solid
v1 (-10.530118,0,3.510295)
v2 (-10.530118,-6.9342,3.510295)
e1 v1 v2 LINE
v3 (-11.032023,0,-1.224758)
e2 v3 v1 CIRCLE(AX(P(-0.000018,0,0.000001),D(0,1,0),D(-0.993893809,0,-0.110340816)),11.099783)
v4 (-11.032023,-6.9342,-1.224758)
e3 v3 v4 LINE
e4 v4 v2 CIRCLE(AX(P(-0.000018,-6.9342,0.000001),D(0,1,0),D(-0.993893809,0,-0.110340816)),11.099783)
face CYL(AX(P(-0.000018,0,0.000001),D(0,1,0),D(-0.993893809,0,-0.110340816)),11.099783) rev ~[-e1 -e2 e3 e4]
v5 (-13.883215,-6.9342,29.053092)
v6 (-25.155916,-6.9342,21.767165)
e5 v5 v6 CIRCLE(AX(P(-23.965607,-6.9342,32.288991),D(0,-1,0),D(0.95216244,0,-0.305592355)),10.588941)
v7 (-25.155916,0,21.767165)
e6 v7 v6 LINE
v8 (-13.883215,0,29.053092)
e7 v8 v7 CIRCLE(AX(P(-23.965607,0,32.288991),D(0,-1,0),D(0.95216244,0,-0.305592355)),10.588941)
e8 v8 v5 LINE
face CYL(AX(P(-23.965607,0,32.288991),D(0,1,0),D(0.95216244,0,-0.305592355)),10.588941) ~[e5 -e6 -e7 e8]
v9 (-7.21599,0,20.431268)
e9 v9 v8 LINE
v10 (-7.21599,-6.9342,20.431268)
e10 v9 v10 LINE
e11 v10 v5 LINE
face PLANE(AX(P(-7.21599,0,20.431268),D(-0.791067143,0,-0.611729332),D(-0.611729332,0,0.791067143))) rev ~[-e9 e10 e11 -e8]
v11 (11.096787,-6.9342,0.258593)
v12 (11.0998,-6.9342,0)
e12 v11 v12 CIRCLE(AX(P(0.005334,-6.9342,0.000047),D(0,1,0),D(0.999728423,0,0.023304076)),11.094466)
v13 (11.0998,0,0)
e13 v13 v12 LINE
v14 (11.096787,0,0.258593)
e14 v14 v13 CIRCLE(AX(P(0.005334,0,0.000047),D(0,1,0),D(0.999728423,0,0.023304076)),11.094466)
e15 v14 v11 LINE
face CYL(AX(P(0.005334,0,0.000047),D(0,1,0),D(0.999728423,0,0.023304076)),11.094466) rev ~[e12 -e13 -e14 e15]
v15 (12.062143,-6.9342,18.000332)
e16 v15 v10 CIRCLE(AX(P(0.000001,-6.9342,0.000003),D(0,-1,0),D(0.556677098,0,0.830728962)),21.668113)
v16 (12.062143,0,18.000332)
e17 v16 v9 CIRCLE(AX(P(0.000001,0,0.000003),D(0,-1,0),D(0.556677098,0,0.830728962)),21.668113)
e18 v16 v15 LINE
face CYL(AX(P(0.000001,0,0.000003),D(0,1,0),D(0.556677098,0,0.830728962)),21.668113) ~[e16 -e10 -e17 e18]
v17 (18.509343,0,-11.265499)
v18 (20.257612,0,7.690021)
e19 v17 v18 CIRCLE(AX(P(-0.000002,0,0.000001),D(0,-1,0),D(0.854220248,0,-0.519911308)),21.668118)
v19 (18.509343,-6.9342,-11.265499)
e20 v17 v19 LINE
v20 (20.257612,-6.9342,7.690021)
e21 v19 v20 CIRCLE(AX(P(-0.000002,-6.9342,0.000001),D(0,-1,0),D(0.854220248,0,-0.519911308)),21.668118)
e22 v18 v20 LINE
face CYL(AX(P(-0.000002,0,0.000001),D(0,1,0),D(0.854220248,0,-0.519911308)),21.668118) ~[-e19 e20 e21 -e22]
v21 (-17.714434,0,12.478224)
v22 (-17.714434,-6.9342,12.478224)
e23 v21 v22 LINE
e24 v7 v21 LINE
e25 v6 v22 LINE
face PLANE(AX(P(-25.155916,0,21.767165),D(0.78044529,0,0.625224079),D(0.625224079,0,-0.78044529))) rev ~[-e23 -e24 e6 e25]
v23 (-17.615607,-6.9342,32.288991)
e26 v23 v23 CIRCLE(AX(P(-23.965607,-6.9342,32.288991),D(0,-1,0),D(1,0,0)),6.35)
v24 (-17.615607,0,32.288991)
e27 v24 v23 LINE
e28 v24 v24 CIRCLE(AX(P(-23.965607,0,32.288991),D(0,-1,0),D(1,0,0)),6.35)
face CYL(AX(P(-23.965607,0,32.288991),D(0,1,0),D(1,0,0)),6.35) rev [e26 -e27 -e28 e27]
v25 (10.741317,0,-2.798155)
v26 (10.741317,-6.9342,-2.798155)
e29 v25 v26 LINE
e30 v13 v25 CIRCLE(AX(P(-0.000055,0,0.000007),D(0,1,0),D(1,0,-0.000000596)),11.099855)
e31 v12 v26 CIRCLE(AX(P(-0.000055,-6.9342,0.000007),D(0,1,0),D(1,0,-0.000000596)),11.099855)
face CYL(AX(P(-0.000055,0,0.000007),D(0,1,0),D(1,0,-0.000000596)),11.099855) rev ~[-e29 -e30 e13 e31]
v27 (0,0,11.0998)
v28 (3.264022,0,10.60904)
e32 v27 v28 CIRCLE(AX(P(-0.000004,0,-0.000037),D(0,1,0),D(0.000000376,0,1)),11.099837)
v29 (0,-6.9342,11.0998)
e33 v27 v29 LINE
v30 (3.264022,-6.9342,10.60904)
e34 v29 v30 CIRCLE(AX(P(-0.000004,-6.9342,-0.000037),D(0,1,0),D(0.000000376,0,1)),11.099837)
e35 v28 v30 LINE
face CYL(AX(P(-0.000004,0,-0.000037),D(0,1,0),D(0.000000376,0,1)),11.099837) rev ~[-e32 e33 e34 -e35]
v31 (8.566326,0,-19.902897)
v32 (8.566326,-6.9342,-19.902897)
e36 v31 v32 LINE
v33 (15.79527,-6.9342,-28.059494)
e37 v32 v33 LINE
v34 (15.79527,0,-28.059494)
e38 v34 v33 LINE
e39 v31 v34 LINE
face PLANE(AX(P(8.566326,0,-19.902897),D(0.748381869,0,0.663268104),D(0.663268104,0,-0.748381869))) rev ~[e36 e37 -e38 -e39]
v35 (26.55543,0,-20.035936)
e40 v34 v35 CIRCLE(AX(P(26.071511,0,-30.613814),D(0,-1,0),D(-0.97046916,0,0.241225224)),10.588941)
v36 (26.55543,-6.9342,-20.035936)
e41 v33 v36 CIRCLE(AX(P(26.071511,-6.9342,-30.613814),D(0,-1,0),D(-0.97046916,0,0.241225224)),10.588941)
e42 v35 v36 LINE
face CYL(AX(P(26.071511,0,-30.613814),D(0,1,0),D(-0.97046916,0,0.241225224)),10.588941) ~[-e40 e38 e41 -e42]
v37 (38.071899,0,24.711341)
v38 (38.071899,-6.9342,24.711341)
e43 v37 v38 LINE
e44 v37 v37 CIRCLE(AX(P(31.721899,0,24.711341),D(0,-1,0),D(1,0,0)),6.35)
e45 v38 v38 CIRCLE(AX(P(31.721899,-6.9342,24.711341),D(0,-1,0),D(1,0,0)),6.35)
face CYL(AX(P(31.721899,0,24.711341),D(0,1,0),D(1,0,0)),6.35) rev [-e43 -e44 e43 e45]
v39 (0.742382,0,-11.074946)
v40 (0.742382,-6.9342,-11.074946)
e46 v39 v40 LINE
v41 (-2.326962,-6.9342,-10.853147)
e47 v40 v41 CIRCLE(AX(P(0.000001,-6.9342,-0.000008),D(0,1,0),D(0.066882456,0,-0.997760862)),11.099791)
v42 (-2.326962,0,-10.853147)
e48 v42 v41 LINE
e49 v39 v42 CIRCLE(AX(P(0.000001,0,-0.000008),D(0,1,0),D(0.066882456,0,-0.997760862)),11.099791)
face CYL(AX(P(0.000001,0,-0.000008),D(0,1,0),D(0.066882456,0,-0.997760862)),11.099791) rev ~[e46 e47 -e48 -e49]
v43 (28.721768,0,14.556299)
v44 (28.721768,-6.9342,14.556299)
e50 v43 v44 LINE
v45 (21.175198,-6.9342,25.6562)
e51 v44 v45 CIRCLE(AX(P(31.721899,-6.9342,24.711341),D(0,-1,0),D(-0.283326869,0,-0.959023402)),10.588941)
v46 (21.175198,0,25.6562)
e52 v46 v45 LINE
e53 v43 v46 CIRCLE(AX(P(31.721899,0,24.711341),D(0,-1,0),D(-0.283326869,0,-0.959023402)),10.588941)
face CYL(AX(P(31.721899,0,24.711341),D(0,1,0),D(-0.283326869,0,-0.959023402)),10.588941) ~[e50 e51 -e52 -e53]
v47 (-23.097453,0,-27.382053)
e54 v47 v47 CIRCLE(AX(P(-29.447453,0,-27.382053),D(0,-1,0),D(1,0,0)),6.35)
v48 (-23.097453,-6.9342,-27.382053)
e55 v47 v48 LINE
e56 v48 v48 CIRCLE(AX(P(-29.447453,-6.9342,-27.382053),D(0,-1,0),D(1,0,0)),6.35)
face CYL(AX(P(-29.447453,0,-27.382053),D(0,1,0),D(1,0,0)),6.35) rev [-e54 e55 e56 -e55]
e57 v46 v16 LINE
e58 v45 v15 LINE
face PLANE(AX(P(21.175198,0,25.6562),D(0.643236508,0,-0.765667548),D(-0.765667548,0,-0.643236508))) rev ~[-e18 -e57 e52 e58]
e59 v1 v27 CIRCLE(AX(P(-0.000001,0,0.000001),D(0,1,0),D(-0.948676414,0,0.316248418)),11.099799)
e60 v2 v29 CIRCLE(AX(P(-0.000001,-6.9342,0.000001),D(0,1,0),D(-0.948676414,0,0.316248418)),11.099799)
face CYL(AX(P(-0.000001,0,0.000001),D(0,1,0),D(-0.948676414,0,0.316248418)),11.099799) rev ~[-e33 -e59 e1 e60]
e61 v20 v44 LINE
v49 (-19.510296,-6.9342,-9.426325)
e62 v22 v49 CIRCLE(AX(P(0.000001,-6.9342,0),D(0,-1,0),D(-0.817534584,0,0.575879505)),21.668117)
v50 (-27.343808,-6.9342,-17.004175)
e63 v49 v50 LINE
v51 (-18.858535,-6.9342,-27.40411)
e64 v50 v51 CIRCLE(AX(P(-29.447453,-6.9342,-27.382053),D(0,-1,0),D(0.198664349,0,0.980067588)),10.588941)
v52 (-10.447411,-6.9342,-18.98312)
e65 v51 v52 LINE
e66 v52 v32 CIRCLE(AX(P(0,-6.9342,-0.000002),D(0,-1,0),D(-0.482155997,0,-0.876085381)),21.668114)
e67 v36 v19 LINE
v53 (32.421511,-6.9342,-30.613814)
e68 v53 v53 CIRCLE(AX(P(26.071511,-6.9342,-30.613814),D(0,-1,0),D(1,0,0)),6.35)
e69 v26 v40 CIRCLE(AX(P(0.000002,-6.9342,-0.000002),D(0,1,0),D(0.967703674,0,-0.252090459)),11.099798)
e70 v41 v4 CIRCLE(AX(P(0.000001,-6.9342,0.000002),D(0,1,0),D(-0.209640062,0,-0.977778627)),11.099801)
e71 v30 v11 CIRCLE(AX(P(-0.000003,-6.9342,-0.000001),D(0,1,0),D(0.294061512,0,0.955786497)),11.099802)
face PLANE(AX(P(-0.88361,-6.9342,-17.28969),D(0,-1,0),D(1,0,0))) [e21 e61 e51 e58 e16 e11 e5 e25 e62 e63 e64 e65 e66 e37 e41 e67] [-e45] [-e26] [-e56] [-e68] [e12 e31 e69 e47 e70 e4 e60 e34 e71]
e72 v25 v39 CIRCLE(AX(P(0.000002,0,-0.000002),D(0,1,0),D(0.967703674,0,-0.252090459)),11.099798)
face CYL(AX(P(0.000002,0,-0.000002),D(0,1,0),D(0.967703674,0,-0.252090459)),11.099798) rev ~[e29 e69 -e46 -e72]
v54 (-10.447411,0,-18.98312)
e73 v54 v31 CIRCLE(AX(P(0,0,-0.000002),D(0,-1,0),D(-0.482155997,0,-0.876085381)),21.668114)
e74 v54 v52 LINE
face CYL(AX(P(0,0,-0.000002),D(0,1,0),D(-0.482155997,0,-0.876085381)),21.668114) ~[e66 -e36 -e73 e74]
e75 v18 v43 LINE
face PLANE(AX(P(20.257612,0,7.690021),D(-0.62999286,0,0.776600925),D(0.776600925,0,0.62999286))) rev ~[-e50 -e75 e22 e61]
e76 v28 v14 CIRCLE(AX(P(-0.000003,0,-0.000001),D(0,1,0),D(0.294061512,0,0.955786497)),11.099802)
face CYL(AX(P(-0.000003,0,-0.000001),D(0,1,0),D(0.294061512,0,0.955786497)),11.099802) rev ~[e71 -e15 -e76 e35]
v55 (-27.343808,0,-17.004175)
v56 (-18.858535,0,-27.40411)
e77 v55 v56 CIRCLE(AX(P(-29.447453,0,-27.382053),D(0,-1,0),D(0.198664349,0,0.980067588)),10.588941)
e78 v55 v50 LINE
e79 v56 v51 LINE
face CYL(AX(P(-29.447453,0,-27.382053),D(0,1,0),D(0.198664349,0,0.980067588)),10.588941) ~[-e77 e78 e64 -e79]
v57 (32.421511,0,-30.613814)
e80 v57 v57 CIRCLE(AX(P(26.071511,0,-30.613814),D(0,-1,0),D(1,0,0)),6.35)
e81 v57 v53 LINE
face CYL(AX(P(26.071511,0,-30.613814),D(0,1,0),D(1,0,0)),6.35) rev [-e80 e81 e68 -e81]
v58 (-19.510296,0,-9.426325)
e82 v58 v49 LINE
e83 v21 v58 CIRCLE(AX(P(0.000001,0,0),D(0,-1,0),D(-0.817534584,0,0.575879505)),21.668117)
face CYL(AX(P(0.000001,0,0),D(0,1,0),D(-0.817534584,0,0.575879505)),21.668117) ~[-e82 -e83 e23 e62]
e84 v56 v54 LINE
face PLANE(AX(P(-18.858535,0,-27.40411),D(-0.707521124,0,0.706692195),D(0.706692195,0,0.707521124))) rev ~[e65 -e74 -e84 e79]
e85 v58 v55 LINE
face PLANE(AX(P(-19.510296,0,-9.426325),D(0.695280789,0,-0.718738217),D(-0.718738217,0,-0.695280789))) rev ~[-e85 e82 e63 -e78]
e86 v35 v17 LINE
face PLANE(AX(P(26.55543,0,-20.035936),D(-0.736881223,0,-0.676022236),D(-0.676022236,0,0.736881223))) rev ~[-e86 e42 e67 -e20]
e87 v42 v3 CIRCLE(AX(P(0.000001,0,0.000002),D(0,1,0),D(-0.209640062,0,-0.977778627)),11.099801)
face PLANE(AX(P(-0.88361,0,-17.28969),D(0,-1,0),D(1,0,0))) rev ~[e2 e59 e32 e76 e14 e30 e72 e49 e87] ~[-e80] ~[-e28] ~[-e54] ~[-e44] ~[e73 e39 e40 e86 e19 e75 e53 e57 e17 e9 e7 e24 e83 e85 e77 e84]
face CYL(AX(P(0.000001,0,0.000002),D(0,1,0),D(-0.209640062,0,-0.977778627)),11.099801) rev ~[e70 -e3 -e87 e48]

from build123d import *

# Parameters (mm, degrees)
F0_R     = 6.35
F1_DEPTH = 6.9342


with BuildPart() as f1:
    # F0 (on Front) → F1 (new body)
    with BuildSketch(Plane.XZ):
        with BuildLine():
            Line((8.566326, -19.902897), (0.742382, -11.074946))
            ThreePointArc((0.742382, -11.074946), (-0.800014, -11.070932), (-2.326962, -10.853147))
            Line((-2.326962, -10.853147), (-10.447411, -18.98312))
            ThreePointArc((-10.447411, -18.98312), (-1.046956, -21.642808), (8.566326, -19.902897))
        make_face()
        with BuildLine():
            Line((18.509343, -11.265499), (10.741317, -2.798155))
            ThreePointArc((10.741317, -2.798155), (7.077793, -8.550463), (0.742382, -11.074946))
            Line((0.742382, -11.074946), (8.566326, -19.902897))
            Line((8.566326, -19.902897), (15.79527, -28.059494))
            ThreePointArc((15.79527, -28.059494), (32.401343, -39.102565), (26.55543, -20.035936))
            Line((26.55543, -20.035936), (18.509343, -11.265499))
        make_face()
        with Locations((26.071511, -30.613814)):
            Circle(F0_R, mode=Mode.SUBTRACT)
        with BuildLine():
            ThreePointArc((11.096787, 0.258593), (11.099047, 0.129305), (11.0998, 0))
            ThreePointArc((11.0998, 0), (11.009814, -1.410513), (10.741317, -2.798155))
            Line((10.741317, -2.798155), (18.509343, -11.265499))
            ThreePointArc((18.509343, -11.265499), (21.576541, -1.990006), (20.257612, 7.690021))
            Line((20.257612, 7.690021), (11.096787, 0.258593))
        make_face()
        with BuildLine():
            ThreePointArc((3.264022, 10.60904), (8.851053, 6.69809), (11.096787, 0.258593))
            Line((11.096787, 0.258593), (20.257612, 7.690021))
            Line((20.257612, 7.690021), (28.721768, 14.556299))
            ThreePointArc((28.721768, 14.556299), (40.478675, 30.664874), (21.175198, 25.6562))
            Line((21.175198, 25.6562), (12.062143, 18.000332))
            Line((12.062143, 18.000332), (3.264022, 10.60904))
        make_face()
        with Locations((31.721899, 24.711341)):
            Circle(F0_R, mode=Mode.SUBTRACT)
        with BuildLine():
            ThreePointArc((0, 11.0998), (1.650355, 10.976424), (3.264022, 10.60904))
            Line((3.264022, 10.60904), (12.062143, 18.000332))
            ThreePointArc((12.062143, 18.000332), (2.710842, 21.497874), (-7.21599, 20.431268))
            Line((-7.21599, 20.431268), (0, 11.0998))
        make_face()
        with BuildLine():
            ThreePointArc((-10.530118, 3.510295), (-6.490069, 9.004697), (0, 11.0998))
            Line((0, 11.0998), (-7.21599, 20.431268))
            Line((-7.21599, 20.431268), (-13.883215, 29.053092))
            ThreePointArc((-13.883215, 29.053092), (-29.713516, 41.18209), (-25.155916, 21.767165))
            Line((-25.155916, 21.767165), (-17.714434, 12.478224))
            Line((-17.714434, 12.478224), (-10.530118, 3.510295))
        make_face()
        with Locations((-23.965607, 32.288991)):
            Circle(F0_R, mode=Mode.SUBTRACT)
        with BuildLine():
            ThreePointArc((-11.032023, -1.224758), (-11.037965, 1.169999), (-10.530118, 3.510295))
            Line((-10.530118, 3.510295), (-17.714434, 12.478224))
            ThreePointArc((-17.714434, 12.478224), (-21.595658, 1.770537), (-19.510296, -9.426325))
            Line((-19.510296, -9.426325), (-11.032023, -1.224758))
        make_face()
        with BuildLine():
            Line((-10.447411, -18.98312), (-2.326962, -10.853147))
            ThreePointArc((-2.326962, -10.853147), (-8.233595, -7.444022), (-11.032023, -1.224758))
            Line((-11.032023, -1.224758), (-19.510296, -9.426325))
            Line((-19.510296, -9.426325), (-27.343808, -17.004175))
            ThreePointArc((-27.343808, -17.004175), (-37.652022, -34.076134), (-18.858535, -27.40411))
            Line((-18.858535, -27.40411), (-10.447411, -18.98312))
        make_face()
        with Locations((-29.447453, -27.382053)):
            Circle(F0_R, mode=Mode.SUBTRACT)
    extrude(amount=F1_DEPTH)


solid = f1.part
